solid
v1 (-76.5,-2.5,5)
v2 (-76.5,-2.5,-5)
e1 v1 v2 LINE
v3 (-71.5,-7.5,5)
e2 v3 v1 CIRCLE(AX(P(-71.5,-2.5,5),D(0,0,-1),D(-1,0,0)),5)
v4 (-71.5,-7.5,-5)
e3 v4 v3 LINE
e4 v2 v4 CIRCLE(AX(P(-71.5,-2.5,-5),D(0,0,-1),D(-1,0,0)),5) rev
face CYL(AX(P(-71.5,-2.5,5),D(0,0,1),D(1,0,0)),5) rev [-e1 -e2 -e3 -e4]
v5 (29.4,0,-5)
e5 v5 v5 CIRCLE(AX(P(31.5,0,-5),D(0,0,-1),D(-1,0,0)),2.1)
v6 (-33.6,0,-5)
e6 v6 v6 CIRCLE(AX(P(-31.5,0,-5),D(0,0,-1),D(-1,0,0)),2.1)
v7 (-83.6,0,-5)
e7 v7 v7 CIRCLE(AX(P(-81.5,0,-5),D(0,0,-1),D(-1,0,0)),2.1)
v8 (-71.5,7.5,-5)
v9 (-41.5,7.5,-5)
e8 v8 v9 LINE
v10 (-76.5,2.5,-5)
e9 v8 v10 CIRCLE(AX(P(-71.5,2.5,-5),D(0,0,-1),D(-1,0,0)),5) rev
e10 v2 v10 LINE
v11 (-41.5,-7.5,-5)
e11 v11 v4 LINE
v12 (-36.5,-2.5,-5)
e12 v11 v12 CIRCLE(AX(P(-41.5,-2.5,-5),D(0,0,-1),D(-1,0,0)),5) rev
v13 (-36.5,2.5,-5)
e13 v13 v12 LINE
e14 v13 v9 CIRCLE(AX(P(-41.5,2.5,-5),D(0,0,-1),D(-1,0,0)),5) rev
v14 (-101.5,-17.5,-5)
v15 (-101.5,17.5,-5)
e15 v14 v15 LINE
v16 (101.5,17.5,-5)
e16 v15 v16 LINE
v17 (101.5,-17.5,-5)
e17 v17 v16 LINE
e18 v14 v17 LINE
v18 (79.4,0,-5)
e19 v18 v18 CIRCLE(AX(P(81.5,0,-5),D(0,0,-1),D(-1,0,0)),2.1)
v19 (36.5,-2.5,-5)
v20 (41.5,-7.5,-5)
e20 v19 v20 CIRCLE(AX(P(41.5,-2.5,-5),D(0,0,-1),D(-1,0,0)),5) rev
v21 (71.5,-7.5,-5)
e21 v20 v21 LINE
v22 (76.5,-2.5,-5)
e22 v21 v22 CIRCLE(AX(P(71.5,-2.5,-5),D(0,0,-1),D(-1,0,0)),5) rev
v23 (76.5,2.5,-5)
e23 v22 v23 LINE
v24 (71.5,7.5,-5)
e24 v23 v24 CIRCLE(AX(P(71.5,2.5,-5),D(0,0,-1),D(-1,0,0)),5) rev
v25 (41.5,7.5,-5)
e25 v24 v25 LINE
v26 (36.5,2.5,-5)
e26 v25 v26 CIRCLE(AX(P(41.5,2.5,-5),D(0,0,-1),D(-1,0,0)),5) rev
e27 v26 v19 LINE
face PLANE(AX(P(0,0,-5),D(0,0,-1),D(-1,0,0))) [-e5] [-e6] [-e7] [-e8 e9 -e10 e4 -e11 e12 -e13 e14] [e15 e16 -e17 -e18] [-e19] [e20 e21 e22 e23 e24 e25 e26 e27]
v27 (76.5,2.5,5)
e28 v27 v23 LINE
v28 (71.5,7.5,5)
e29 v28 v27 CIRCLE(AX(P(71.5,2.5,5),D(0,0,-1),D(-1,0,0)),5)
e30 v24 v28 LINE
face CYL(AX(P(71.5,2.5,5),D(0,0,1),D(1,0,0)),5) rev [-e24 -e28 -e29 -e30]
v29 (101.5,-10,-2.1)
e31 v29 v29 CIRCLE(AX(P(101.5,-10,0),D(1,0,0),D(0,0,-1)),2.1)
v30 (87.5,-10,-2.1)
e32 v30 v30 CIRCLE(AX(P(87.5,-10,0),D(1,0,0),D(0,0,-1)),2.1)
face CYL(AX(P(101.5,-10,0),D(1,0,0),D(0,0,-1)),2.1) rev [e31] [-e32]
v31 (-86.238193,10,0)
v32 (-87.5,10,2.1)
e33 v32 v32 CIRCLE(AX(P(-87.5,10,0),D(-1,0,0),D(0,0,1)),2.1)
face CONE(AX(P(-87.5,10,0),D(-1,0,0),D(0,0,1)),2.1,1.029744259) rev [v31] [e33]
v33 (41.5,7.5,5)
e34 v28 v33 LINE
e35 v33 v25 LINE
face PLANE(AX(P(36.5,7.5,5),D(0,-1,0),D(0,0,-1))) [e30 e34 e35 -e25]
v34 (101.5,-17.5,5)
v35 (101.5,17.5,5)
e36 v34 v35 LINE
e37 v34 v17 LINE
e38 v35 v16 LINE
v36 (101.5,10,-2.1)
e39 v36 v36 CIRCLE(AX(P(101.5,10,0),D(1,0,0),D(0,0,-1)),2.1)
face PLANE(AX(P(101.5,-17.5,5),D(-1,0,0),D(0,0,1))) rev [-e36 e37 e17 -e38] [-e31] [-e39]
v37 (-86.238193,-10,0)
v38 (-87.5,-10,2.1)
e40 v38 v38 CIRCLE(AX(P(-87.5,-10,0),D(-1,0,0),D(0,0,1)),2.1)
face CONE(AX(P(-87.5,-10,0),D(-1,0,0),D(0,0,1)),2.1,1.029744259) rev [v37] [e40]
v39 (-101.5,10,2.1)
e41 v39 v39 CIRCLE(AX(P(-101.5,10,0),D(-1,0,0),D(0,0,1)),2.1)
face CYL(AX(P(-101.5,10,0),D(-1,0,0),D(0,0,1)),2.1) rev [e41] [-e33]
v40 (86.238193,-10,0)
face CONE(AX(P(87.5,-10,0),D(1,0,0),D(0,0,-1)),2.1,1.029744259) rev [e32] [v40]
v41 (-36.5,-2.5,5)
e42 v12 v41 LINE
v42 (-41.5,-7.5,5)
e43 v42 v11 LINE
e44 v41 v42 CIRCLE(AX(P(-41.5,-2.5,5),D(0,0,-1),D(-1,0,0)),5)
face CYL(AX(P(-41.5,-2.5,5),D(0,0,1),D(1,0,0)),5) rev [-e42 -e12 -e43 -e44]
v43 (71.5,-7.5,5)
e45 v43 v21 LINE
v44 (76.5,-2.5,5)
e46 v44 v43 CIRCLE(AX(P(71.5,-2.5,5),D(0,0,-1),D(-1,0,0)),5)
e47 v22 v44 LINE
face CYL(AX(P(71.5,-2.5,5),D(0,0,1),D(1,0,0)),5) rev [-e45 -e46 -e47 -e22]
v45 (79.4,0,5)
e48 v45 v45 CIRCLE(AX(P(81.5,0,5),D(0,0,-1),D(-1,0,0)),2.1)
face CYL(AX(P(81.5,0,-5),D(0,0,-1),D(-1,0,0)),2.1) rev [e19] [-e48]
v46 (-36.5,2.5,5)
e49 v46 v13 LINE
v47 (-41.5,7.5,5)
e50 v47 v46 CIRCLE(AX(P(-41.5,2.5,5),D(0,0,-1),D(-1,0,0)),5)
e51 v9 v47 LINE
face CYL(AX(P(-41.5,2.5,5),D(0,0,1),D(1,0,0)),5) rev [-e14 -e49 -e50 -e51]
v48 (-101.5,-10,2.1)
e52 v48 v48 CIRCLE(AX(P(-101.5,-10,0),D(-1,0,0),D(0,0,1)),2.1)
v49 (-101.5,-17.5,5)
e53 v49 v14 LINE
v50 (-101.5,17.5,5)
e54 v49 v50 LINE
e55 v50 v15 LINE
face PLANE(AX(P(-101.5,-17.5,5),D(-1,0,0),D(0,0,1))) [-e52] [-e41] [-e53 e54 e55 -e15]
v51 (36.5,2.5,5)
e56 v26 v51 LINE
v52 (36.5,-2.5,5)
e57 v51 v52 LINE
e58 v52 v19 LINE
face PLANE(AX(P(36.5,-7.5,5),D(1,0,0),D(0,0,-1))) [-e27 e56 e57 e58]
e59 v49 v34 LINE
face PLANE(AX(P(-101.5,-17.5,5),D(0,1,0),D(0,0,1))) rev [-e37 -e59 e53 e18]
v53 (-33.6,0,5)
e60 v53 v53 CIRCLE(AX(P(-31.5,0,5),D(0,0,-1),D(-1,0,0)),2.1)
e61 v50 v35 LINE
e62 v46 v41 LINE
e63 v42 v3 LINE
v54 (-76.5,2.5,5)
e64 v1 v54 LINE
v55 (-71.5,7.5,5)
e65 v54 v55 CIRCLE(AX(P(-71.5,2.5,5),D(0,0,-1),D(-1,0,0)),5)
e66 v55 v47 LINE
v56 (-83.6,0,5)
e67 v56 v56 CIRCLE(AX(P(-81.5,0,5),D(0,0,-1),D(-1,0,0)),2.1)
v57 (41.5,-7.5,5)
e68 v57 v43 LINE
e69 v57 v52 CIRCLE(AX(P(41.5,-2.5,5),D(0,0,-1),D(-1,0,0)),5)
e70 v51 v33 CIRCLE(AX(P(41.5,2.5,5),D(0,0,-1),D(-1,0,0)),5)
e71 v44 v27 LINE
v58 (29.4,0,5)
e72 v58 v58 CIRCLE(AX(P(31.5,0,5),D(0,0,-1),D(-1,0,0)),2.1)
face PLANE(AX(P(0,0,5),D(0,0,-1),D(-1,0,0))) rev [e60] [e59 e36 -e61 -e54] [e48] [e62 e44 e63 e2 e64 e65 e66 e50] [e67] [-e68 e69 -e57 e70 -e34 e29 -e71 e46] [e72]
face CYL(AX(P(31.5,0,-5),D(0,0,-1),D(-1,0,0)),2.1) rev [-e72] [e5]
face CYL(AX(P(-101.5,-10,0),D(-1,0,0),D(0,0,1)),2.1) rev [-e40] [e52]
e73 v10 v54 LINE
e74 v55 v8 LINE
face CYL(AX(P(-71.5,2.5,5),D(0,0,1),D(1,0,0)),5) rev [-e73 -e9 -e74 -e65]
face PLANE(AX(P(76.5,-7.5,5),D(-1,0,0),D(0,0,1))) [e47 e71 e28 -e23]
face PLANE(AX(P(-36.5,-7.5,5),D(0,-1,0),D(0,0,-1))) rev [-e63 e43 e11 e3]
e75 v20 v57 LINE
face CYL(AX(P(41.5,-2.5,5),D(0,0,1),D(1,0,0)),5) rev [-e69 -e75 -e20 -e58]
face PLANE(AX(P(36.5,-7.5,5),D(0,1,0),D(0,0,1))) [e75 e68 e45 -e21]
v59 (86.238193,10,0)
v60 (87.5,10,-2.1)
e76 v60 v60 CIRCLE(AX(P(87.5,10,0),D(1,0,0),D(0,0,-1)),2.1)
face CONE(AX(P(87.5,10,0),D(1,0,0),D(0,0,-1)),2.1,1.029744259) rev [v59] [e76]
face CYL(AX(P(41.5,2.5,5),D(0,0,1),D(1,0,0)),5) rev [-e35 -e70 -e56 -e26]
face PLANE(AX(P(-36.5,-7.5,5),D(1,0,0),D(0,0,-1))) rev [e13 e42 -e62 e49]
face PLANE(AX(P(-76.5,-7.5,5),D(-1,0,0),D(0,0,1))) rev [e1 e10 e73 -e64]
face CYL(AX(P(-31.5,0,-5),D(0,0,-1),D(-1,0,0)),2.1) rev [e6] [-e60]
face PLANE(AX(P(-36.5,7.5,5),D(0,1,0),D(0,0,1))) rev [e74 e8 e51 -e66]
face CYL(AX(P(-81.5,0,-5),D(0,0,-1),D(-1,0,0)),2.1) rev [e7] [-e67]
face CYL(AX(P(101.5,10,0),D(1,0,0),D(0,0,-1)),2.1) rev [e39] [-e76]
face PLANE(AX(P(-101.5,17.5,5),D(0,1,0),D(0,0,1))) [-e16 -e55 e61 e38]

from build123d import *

# Parameters (mm, degrees)
SKETCH_1_W                  = 203
SKETCH_1_H                  = 35
EXTRUDE_1_DEPTH             = 5
HOLE_WIZARD_M5_1_AT_2_COUNT = 2
HOLE_WIZARD_M5_1_AT_2_PITCH = 20
SKETCH_4_W                  = 40
SKETCH_4_H                  = 15
CUT_EXTRUDE_1_DEPTH         = 10
FILLET_1_R                  = 5
HOLE_WIZARD_4_2_4_2_1_D     = 4.2
FILLET_1_OF_MIRROR_2_R      = 5


with BuildPart() as part:
    # 草图1 → 凸台-拉伸1 (new body, symmetric)
    with BuildSketch(Plane.XY):
        Rectangle(SKETCH_1_W, SKETCH_1_H)
    extrude(amount=EXTRUDE_1_DEPTH, both=True)

    # 草图2 → M5 螺纹孔1 (revolve, cut)
    with BuildSketch(Plane(origin=(-101.5, 10, 0), x_dir=(0, 0, 1), z_dir=(0, 1, 0))):
        Polygon((0, 0), (0, 15.2618073), (2.1, 14), (2.1, 0), align=None)
    hole_wizard_m5_1 = revolve(axis=Axis((-107.85, 10, 0), (1, 0, 0)), mode=Mode.SUBTRACT)

    # M5 螺纹孔1 at 2: M5 螺纹孔1 ×2
    with Locations(*[(0, -i * HOLE_WIZARD_M5_1_AT_2_PITCH, 0) for i in range(1, HOLE_WIZARD_M5_1_AT_2_COUNT)]):
        add(hole_wizard_m5_1, mode=Mode.SUBTRACT)

    # 镜向1: M5 螺纹孔1 across plane
    add(hole_wizard_m5_1.mirror(Plane(origin=(0, 0, 0), x_dir=(0, 0, 1), z_dir=(1, 0, 0))), mode=Mode.SUBTRACT)

    # 镜向1 copy 1 sketch → 镜向1 copy 1 (revolve, cut)
    with BuildSketch(Plane(origin=(101.5, -10, 0), x_dir=(0, 0, 1), z_dir=(0, 1, 0))):
        Polygon((0, 0), (0, -15.2618073), (2.1, -14), (2.1, 0), align=None)
    revolve(axis=Axis((107.85, -10, 0), (1, 0, 0)), mode=Mode.SUBTRACT)

    # 草图4 → 切除-拉伸1 (cut)
    with BuildSketch(Plane(origin=(0, 0, -5), x_dir=(-1, 0, 0), z_dir=(0, 0, -1))):
        with Locations((56.5, 0)):
            Rectangle(SKETCH_4_W, SKETCH_4_H)
    cut_extrude_1 = extrude(amount=-CUT_EXTRUDE_1_DEPTH, mode=Mode.SUBTRACT)

    # 圆角1
    fillet_1_edges = [part.edges().sort_by_distance(p)[0] for p in [
        (-76.5, 7.5, 0),
        (-76.5, -7.5, 0),
        (-36.5, -7.5, 0),
        (-36.5, 7.5, 0),
    ]]
    fillet(fillet_1_edges, radius=FILLET_1_R)

    # Ø4.2 (4.2) 直径孔1 (through all)
    with Locations(Plane(origin=(0, 0, -5), x_dir=(-1, 0, 0), z_dir=(0, 0, -1))):
        with Locations((81.5, 0), (31.5, 0)):
            hole_wizard_4_2_4_2_1 = Hole(HOLE_WIZARD_4_2_4_2_1_D / 2)

    # 镜向2: 切除-拉伸1, Ø4.2 (4.2) 直径孔1 across plane
    add(cut_extrude_1.mirror(Plane(origin=(0, 0, 0), x_dir=(0, 0, 1), z_dir=(1, 0, 0))), mode=Mode.SUBTRACT)
    add(hole_wizard_4_2_4_2_1.mirror(Plane(origin=(0, 0, 0), x_dir=(0, 0, 1), z_dir=(1, 0, 0))), mode=Mode.SUBTRACT)

    # 圆角1 of 镜向2
    fillet_1_of_mirror_2_edges = [part.edges().sort_by_distance(p)[0] for p in [
        (76.5, 7.5, 0),
        (76.5, -7.5, 0),
        (36.5, -7.5, 0),
        (36.5, 7.5, 0),
    ]]
    fillet(fillet_1_of_mirror_2_edges, radius=FILLET_1_OF_MIRROR_2_R)


solid = part.part
